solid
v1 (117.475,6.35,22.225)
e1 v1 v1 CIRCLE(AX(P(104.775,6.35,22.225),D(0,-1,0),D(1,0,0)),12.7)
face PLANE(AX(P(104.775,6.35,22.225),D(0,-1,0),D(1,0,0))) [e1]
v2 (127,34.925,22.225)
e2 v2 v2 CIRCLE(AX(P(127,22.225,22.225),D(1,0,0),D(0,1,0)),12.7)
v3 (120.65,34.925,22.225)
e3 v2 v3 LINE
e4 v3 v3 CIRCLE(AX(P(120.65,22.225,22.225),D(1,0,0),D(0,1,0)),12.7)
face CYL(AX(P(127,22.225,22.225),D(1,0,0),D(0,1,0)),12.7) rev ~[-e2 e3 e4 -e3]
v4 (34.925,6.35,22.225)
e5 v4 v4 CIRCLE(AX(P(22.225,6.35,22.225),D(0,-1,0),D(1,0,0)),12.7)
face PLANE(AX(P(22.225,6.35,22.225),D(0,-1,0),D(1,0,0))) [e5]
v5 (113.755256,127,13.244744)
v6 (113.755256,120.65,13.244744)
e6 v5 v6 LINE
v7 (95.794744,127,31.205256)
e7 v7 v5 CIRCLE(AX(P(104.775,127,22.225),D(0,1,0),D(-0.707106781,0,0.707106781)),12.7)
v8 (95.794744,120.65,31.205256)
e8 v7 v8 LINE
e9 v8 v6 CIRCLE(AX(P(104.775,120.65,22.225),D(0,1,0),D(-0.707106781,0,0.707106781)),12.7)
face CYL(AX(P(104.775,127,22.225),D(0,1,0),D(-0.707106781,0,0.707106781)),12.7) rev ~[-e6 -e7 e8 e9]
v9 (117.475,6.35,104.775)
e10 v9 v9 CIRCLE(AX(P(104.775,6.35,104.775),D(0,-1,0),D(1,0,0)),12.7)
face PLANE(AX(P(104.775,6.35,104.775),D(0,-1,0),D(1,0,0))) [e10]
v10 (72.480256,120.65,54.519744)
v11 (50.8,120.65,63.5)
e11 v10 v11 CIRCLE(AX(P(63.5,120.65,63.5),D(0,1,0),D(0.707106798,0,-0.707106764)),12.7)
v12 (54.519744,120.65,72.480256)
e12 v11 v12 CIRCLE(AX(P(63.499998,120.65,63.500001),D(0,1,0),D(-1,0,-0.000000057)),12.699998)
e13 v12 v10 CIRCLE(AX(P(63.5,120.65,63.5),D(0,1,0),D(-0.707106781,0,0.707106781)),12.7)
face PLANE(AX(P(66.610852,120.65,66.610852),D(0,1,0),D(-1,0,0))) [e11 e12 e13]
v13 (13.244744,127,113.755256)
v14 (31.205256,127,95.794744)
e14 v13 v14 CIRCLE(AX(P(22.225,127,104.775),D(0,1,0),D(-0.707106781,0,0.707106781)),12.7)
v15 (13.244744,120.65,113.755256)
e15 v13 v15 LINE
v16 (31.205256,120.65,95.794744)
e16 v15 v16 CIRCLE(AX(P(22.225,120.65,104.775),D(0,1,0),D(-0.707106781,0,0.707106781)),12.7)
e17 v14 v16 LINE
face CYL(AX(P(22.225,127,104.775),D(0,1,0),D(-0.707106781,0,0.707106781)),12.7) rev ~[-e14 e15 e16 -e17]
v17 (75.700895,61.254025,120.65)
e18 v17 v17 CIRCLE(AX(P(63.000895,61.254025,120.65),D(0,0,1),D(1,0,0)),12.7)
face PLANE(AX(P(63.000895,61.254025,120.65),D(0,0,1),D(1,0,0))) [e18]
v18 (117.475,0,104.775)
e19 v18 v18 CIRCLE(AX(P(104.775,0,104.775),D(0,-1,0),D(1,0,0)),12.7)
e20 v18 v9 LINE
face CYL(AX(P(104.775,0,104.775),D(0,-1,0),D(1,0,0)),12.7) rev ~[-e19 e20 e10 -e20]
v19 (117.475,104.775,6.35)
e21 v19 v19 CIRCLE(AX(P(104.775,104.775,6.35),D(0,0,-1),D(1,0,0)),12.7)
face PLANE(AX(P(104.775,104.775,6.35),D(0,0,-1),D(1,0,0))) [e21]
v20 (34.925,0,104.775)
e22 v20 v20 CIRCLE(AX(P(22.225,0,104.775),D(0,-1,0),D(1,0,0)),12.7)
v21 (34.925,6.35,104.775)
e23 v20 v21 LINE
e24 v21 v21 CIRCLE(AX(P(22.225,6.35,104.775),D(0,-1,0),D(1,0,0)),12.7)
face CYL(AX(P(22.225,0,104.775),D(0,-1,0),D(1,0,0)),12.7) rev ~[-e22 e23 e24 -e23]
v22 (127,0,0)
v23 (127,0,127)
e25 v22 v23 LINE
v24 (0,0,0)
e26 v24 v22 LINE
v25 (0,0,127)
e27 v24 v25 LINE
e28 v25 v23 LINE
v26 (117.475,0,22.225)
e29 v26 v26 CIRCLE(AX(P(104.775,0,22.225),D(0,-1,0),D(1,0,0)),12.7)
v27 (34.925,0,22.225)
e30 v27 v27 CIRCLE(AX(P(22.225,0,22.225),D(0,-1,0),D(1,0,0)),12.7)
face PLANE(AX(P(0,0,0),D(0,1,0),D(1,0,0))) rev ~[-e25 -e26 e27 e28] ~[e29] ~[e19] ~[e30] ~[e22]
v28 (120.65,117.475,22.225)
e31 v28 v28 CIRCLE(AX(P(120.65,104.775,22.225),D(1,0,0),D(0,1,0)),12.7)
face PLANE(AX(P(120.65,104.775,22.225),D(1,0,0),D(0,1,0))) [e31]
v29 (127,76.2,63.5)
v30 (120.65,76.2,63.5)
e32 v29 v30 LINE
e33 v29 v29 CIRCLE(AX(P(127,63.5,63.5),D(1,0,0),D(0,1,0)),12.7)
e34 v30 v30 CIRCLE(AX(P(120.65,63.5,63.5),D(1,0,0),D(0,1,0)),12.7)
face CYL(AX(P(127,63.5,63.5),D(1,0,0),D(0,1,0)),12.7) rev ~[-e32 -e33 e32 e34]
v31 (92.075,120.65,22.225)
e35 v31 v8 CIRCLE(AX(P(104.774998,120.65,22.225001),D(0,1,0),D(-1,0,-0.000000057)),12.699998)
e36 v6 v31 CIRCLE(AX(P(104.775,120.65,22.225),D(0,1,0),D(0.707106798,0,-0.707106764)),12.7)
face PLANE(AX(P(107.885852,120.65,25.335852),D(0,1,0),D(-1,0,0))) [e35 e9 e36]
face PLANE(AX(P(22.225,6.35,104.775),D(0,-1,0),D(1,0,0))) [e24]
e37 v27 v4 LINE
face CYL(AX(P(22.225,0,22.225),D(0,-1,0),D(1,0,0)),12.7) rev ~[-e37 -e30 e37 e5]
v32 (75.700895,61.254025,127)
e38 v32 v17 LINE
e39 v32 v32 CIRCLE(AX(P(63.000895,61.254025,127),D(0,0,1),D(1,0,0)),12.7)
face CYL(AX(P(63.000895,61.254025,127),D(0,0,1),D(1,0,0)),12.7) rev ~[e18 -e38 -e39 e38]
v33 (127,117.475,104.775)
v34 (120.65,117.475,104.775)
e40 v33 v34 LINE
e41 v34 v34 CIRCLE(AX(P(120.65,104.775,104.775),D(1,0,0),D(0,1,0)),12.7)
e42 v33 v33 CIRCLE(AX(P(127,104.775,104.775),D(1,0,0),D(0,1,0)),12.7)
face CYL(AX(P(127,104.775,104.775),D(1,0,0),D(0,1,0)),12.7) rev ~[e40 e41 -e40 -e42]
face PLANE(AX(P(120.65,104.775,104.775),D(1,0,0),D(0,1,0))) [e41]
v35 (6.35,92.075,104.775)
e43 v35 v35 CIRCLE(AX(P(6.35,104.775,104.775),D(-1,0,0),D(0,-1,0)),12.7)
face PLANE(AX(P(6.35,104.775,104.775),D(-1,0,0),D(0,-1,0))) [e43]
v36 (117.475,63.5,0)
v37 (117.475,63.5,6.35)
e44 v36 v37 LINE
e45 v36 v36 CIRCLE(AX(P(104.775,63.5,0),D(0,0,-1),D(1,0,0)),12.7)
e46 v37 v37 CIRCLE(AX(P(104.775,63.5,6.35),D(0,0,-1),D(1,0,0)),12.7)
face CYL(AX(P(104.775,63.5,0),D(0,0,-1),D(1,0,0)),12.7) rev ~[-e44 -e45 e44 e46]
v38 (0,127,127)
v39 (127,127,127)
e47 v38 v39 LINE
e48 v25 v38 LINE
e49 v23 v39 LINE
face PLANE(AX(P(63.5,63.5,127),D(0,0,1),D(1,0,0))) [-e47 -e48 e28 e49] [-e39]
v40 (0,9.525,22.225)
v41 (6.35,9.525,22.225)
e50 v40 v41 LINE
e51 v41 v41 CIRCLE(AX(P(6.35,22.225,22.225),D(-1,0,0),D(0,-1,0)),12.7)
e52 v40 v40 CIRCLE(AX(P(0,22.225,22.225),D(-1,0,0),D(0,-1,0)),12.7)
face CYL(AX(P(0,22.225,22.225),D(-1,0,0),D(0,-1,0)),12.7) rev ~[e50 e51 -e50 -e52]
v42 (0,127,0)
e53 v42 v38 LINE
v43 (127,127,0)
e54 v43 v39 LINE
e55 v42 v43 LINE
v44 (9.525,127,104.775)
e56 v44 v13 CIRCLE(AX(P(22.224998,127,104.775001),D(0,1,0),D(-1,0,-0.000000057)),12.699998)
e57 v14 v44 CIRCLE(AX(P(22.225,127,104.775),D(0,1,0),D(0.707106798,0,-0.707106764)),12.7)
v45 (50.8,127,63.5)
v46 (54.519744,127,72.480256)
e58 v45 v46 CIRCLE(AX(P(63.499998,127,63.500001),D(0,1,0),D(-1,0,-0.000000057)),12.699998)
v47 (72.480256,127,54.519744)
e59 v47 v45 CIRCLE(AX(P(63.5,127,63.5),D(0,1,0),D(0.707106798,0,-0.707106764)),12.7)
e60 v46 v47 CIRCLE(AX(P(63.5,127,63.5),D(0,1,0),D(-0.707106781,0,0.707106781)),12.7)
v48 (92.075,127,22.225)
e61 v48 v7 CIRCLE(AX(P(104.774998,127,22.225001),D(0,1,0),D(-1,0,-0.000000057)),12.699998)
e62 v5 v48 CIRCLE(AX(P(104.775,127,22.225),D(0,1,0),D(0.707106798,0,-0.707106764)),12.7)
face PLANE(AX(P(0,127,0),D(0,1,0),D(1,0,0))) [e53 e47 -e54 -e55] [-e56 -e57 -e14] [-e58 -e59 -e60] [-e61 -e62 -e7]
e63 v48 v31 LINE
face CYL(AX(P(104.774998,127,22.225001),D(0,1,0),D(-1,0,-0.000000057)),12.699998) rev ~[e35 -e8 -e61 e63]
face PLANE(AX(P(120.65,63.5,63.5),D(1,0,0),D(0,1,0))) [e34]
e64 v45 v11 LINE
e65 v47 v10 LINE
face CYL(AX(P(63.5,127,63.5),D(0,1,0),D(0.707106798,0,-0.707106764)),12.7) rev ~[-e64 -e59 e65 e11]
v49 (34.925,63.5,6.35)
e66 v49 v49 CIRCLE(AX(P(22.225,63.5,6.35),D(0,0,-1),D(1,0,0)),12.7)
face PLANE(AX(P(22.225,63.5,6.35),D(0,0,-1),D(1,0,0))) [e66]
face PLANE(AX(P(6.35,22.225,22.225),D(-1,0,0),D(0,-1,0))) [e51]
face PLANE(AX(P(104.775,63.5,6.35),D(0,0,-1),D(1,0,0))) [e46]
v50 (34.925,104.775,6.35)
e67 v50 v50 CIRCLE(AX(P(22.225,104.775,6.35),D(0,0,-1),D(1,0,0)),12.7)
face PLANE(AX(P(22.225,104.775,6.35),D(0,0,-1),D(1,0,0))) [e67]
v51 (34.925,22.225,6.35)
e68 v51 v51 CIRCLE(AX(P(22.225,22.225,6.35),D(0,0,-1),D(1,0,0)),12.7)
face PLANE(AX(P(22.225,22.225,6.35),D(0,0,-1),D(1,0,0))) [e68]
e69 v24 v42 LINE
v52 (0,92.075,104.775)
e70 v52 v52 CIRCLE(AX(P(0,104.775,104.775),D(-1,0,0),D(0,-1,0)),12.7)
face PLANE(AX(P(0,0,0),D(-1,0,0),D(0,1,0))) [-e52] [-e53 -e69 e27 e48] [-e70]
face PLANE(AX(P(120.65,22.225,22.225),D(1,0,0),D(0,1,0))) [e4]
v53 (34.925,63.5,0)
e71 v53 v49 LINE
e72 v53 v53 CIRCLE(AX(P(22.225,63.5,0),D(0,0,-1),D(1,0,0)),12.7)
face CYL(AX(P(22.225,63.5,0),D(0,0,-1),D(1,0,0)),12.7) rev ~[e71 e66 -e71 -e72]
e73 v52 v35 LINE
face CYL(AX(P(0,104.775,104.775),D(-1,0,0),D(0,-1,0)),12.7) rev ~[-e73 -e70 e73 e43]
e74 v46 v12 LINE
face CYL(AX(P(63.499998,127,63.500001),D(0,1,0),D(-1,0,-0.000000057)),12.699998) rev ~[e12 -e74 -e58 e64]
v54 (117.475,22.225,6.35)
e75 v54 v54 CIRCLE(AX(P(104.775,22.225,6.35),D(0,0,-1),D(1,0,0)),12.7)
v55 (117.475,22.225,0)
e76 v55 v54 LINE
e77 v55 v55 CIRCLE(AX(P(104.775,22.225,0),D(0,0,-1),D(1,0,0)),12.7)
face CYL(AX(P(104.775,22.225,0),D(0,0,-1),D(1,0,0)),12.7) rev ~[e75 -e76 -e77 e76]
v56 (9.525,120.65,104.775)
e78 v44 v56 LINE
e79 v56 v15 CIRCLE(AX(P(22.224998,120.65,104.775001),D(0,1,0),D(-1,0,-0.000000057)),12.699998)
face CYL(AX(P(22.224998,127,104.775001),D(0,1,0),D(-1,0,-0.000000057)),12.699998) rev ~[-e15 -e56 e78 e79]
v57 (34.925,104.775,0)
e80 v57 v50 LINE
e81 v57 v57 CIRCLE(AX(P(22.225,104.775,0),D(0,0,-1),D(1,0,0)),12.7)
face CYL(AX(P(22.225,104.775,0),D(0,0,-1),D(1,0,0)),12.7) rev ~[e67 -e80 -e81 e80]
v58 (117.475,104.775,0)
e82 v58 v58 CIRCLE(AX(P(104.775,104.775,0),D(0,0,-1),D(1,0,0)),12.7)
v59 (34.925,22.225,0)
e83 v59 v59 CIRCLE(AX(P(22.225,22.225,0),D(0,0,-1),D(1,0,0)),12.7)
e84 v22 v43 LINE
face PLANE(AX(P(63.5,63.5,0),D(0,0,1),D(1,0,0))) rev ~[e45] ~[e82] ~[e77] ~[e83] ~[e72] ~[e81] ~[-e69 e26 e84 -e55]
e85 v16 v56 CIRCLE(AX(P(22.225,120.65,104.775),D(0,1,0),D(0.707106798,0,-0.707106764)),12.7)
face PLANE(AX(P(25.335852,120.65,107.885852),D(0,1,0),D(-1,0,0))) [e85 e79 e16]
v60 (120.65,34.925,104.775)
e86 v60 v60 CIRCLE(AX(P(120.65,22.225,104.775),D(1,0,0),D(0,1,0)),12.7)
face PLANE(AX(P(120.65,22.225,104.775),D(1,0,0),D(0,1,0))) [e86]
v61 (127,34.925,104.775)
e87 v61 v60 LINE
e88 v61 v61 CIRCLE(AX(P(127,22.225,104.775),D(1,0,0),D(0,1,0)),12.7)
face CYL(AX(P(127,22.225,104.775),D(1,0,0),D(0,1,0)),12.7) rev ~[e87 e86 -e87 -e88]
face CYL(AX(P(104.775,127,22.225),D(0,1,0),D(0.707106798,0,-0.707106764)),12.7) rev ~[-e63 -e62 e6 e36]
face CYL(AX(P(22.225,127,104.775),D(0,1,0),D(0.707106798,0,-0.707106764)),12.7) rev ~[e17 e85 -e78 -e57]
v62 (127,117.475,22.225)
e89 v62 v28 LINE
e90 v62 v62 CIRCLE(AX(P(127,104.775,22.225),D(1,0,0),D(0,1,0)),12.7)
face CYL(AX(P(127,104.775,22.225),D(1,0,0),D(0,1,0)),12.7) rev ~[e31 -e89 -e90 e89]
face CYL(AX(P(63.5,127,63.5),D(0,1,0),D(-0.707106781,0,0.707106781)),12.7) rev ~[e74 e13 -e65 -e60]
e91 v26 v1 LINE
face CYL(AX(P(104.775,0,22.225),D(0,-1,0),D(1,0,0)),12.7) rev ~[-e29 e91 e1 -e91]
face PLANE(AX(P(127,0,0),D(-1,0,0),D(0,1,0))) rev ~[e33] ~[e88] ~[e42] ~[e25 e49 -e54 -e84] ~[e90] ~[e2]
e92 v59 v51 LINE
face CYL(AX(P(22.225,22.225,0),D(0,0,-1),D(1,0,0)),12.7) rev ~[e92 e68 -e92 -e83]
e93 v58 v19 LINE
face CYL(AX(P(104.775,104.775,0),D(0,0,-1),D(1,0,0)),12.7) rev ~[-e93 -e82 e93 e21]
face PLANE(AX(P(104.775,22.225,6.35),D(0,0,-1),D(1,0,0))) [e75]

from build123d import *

# Parameters (mm, degrees)
F0_W      = 127
F0_H      = 127
F1_DEPTH  = 127
F2_R      = 12.7
F3_DEPTH  = 6.35
F4_R      = 12.7
F5_DEPTH  = 6.35
F6_R      = 12.7
F7_DEPTH  = 6.35
F8_R      = 12.7
F9_DEPTH  = 6.35
F11_DEPTH = 6.35
F12_R     = 12.7
F13_DEPTH = 6.35


with BuildPart() as f1:
    # F0 (on Top) → F1 (new body)
    with BuildSketch(Plane.XY):
        with Locations((63.5, 63.5)):
            Rectangle(F0_W, F0_H)
    extrude(amount=F1_DEPTH)

    # F2 (on face) → F3 (cut)
    with BuildSketch(Plane.XY.offset(127)):
        with Locations((63.000895, 61.254025)):
            Circle(F2_R)
    extrude(amount=-F3_DEPTH, mode=Mode.SUBTRACT)

    # F4 (on face) → F5 (cut)
    with BuildSketch(Plane(origin=(0, 0, 0), x_dir=(1, 0, 0), z_dir=(0, 0, -1))):
        with Locations((22.225, -22.225)):
            Circle(F4_R)
        with Locations((22.225, -63.5)):
            Circle(F4_R)
        with Locations((22.225, -104.775)):
            Circle(F4_R)
        with Locations((104.775, -63.5)):
            Circle(F4_R)
        with Locations((104.775, -22.225)):
            Circle(F4_R)
        with Locations((104.775, -104.775)):
            Circle(F4_R)
    extrude(amount=-F5_DEPTH, mode=Mode.SUBTRACT)

    # F6 (on face) → F7 (cut)
    with BuildSketch(Plane(origin=(0, 0, 0), x_dir=(0, -1, 0), z_dir=(-1, 0, 0))):
        with Locations((-22.225, 22.225)):
            Circle(F6_R)
        with Locations((-104.775, 104.775)):
            Circle(F6_R)
    extrude(amount=-F7_DEPTH, mode=Mode.SUBTRACT)

    # F8 (on face) → F9 (cut)
    with BuildSketch(Plane.YZ.offset(127)):
        with Locations((22.225, 104.775)):
            Circle(F8_R)
        with Locations((63.5, 63.5)):
            Circle(F8_R)
        with Locations((22.225, 22.225)):
            Circle(F8_R)
        with Locations((104.775, 104.775)):
            Circle(F8_R)
        with Locations((104.775, 22.225)):
            Circle(F8_R)
    extrude(amount=-F9_DEPTH, mode=Mode.SUBTRACT)

    # F10 (on face) → F11 (cut)
    with BuildSketch(Plane(origin=(0, 127, 0), x_dir=(-1, 0, 0), z_dir=(0, 1, 0))):
        with BuildLine():
            ThreePointArc((-95.794744, 31.205256), (-113.755256, 31.205256), (-113.755256, 13.244744))
            Line((-113.755256, 13.244744), (-95.794744, 31.205256))
        make_face()
        with BuildLine():
            ThreePointArc((-13.244744, 113.755256), (-31.205256, 113.755256), (-31.205256, 95.794744))
            Line((-31.205256, 95.794744), (-13.244744, 113.755256))
        make_face()
        with BuildLine():
            Line((-13.244744, 113.755256), (-31.205256, 95.794744))
            ThreePointArc((-31.205256, 95.794744), (-17.36492, 93.04173), (-9.525, 104.775))
            ThreePointArc((-9.525, 104.775), (-10.49173, 109.63508), (-13.244744, 113.755256))
        make_face()
        with BuildLine():
            ThreePointArc((-54.519744, 72.480256), (-72.480256, 72.480256), (-72.480256, 54.519744))
            Line((-72.480256, 54.519744), (-54.519744, 72.480256))
        make_face()
        with BuildLine():
            Line((-54.519744, 72.480256), (-72.480256, 54.519744))
            ThreePointArc((-72.480256, 54.519744), (-58.63992, 51.76673), (-50.8, 63.5))
            ThreePointArc((-50.8, 63.5), (-51.76673, 68.36008), (-54.519744, 72.480256))
        make_face()
        with BuildLine():
            Line((-95.794744, 31.205256), (-113.755256, 13.244744))
            ThreePointArc((-113.755256, 13.244744), (-99.91492, 10.49173), (-92.075, 22.225))
            ThreePointArc((-92.075, 22.225), (-93.04173, 27.08508), (-95.794744, 31.205256))
        make_face()
    extrude(amount=-F11_DEPTH, mode=Mode.SUBTRACT)

    # F12 (on face) → F13 (cut)
    with BuildSketch(Plane.XZ):
        with Locations((22.225, 22.225)):
            Circle(F12_R)
        with Locations((22.225, 104.775)):
            Circle(F12_R)
        with Locations((104.775, 104.775)):
            Circle(F12_R)
        with Locations((104.775, 22.225)):
            Circle(F12_R)
    extrude(amount=-F13_DEPTH, mode=Mode.SUBTRACT)


solid = f1.part
